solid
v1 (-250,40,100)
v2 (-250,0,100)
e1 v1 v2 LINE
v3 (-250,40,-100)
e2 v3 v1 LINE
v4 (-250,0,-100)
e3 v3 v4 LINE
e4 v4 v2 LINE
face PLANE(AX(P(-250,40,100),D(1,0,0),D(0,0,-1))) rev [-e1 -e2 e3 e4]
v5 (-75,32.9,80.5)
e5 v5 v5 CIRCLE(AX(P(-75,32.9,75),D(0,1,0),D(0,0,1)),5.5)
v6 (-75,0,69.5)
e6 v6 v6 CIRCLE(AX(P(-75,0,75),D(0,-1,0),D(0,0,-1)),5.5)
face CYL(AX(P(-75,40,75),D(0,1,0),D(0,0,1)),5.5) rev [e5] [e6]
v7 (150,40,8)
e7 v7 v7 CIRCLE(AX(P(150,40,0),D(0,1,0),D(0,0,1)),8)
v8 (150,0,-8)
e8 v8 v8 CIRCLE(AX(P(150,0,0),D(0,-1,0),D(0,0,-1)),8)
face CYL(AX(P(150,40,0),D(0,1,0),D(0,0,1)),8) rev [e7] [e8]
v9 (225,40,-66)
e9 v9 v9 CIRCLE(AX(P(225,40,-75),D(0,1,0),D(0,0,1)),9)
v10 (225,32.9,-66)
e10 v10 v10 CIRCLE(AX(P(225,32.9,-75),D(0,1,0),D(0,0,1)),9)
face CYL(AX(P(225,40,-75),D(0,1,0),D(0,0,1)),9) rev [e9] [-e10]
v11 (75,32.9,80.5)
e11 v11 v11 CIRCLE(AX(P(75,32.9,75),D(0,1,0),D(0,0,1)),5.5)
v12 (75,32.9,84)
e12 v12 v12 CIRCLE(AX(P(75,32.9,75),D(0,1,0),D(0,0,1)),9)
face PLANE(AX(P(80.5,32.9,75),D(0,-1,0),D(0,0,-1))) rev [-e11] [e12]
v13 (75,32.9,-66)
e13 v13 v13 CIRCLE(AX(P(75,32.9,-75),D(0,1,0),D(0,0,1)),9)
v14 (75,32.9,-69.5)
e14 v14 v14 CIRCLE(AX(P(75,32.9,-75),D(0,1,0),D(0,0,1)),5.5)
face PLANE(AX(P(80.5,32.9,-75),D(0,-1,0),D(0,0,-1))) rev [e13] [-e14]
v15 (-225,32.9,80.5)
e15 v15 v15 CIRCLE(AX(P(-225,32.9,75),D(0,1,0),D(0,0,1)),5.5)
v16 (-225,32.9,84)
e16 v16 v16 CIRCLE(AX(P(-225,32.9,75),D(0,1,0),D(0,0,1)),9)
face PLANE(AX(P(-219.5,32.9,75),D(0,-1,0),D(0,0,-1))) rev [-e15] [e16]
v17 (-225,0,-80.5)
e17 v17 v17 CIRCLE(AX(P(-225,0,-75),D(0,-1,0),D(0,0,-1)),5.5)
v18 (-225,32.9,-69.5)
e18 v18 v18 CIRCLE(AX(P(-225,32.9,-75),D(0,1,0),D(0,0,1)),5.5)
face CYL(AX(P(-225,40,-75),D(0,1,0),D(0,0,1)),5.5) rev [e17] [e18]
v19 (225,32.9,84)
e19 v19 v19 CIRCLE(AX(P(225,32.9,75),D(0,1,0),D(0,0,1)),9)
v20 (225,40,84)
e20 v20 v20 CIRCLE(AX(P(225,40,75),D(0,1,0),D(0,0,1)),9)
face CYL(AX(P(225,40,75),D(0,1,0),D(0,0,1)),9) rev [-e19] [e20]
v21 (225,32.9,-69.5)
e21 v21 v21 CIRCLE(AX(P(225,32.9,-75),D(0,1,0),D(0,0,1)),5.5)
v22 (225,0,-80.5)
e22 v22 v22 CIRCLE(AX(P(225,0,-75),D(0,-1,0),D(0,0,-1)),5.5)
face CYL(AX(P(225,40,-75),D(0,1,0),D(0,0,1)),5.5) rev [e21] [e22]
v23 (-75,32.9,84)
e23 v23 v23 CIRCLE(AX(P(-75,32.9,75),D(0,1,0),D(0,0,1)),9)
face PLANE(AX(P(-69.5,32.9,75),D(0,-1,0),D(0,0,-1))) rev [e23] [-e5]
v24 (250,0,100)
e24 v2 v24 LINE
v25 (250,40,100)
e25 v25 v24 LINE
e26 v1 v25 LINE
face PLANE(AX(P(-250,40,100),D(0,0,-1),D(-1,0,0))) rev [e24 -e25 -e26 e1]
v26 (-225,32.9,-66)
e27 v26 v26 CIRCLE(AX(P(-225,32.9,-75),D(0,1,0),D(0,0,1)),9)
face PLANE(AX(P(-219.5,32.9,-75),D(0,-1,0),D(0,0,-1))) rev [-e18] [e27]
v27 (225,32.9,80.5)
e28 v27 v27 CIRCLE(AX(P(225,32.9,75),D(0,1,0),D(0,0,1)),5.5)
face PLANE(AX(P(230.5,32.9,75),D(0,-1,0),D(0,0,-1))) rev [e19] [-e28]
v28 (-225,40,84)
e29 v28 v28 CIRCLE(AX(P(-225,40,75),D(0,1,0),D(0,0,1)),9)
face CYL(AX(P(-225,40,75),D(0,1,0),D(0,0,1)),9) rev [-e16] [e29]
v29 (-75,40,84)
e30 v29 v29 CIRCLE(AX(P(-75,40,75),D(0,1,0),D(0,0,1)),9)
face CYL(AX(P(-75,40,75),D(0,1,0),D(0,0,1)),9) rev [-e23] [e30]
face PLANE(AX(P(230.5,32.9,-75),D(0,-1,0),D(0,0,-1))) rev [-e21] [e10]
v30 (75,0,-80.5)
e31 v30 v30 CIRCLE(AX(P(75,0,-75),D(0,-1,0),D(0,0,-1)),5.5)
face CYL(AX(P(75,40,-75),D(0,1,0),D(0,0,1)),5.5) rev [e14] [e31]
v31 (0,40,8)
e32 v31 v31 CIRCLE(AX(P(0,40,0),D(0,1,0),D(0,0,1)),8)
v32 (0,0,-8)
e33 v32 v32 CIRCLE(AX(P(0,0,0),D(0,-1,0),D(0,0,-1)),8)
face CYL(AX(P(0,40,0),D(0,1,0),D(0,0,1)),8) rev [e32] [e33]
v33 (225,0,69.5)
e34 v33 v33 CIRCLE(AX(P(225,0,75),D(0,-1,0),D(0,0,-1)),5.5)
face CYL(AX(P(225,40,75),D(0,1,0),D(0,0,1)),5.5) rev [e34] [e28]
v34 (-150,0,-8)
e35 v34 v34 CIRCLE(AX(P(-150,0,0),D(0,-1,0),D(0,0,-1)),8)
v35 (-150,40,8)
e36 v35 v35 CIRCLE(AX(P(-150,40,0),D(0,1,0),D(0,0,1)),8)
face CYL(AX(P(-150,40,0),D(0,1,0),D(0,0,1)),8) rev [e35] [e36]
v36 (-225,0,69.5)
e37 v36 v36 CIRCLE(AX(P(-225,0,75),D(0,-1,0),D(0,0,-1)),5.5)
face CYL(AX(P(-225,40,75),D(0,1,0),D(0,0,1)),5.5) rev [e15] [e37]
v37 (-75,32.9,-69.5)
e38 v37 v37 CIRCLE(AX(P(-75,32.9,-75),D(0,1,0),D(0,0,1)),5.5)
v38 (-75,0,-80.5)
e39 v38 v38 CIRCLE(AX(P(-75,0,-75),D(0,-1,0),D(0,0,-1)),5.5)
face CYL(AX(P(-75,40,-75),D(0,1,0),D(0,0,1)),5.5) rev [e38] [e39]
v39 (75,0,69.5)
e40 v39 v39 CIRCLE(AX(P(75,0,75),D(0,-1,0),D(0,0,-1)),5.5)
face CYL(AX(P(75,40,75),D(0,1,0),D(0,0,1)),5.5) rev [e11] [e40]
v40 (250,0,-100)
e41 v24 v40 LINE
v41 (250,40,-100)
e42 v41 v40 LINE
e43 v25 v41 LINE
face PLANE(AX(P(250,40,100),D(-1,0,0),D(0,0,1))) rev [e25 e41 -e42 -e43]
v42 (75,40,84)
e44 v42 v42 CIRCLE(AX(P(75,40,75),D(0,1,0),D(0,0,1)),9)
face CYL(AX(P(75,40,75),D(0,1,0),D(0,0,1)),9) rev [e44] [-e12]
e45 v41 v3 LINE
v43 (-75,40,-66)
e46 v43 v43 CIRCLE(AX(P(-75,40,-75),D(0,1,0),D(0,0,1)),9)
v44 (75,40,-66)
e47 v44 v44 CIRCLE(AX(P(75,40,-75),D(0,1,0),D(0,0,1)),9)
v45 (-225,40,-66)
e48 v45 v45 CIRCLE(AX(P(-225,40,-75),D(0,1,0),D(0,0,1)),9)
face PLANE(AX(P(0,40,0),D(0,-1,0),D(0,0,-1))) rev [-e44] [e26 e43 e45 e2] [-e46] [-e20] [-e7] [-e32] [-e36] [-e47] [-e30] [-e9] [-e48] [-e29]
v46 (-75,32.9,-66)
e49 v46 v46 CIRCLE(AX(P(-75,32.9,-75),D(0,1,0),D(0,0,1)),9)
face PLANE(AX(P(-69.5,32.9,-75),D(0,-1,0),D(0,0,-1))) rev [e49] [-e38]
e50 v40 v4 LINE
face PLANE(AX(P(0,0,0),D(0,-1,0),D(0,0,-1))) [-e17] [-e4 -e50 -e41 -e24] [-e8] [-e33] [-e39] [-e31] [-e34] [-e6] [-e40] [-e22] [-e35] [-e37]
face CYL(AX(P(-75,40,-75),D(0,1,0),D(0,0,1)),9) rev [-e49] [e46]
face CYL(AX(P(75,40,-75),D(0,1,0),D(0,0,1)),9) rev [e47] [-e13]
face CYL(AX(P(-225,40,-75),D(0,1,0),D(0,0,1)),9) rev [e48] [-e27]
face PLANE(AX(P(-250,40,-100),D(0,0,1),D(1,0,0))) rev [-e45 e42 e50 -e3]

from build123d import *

# Parameters (mm, degrees)
ESBO_O1_W                                            = 500
ESBO_O1_H                                            = 200
RESSALTO_EXTRUS_O1_DEPTH                             = 40
REBAIXO_PARA_PARAFUSO_ALLEN_SEXTAVADO_DE_D           = 11
REBAIXO_PARA_PARAFUSO_ALLEN_SEXTAVADO_DE_DEPTH       = 40
REBAIXO_PARA_PARAFUSO_ALLEN_SEXTAVADO_DE_CBORE_D     = 18
REBAIXO_PARA_PARAFUSO_ALLEN_SEXTAVADO_DE_CBORE_DEPTH = 7.1
FURO_ROSCADO_DE_M18X2_0_D                            = 16
FURO_ROSCADO_DE_M18X2_0_DEPTH                        = 40


with BuildPart() as part:
    # Esboço1 → Ressalto-extrusão1 (new body)
    with BuildSketch(Plane(origin=(0, 0, 0), x_dir=(1, 0, 0), z_dir=(0, 1, 0))):
        Rectangle(ESBO_O1_W, ESBO_O1_H)
    extrude(amount=RESSALTO_EXTRUS_O1_DEPTH)

    # Rebaixo para parafuso Allen sextavado de M101
    with Locations(Plane(origin=(0, 40, 0), x_dir=(1, 0, 0), z_dir=(0, 1, 0))):
        with Locations((-225, 75), (-75, 75), (75, 75), (-75, -75), (75, -75), (-225, -75), (225, 75), (225, -75)):
            CounterBoreHole(REBAIXO_PARA_PARAFUSO_ALLEN_SEXTAVADO_DE_D / 2, REBAIXO_PARA_PARAFUSO_ALLEN_SEXTAVADO_DE_CBORE_D / 2, REBAIXO_PARA_PARAFUSO_ALLEN_SEXTAVADO_DE_CBORE_DEPTH, depth=REBAIXO_PARA_PARAFUSO_ALLEN_SEXTAVADO_DE_DEPTH)

    # Furo roscado de M18x2.0
    with Locations(Plane(origin=(0, 40, 0), x_dir=(1, 0, 0), z_dir=(0, 1, 0))):
        with Locations((-150, 0), (0, 0), (150, 0)):
            Hole(FURO_ROSCADO_DE_M18X2_0_D / 2, depth=FURO_ROSCADO_DE_M18X2_0_DEPTH)


solid = part.part
